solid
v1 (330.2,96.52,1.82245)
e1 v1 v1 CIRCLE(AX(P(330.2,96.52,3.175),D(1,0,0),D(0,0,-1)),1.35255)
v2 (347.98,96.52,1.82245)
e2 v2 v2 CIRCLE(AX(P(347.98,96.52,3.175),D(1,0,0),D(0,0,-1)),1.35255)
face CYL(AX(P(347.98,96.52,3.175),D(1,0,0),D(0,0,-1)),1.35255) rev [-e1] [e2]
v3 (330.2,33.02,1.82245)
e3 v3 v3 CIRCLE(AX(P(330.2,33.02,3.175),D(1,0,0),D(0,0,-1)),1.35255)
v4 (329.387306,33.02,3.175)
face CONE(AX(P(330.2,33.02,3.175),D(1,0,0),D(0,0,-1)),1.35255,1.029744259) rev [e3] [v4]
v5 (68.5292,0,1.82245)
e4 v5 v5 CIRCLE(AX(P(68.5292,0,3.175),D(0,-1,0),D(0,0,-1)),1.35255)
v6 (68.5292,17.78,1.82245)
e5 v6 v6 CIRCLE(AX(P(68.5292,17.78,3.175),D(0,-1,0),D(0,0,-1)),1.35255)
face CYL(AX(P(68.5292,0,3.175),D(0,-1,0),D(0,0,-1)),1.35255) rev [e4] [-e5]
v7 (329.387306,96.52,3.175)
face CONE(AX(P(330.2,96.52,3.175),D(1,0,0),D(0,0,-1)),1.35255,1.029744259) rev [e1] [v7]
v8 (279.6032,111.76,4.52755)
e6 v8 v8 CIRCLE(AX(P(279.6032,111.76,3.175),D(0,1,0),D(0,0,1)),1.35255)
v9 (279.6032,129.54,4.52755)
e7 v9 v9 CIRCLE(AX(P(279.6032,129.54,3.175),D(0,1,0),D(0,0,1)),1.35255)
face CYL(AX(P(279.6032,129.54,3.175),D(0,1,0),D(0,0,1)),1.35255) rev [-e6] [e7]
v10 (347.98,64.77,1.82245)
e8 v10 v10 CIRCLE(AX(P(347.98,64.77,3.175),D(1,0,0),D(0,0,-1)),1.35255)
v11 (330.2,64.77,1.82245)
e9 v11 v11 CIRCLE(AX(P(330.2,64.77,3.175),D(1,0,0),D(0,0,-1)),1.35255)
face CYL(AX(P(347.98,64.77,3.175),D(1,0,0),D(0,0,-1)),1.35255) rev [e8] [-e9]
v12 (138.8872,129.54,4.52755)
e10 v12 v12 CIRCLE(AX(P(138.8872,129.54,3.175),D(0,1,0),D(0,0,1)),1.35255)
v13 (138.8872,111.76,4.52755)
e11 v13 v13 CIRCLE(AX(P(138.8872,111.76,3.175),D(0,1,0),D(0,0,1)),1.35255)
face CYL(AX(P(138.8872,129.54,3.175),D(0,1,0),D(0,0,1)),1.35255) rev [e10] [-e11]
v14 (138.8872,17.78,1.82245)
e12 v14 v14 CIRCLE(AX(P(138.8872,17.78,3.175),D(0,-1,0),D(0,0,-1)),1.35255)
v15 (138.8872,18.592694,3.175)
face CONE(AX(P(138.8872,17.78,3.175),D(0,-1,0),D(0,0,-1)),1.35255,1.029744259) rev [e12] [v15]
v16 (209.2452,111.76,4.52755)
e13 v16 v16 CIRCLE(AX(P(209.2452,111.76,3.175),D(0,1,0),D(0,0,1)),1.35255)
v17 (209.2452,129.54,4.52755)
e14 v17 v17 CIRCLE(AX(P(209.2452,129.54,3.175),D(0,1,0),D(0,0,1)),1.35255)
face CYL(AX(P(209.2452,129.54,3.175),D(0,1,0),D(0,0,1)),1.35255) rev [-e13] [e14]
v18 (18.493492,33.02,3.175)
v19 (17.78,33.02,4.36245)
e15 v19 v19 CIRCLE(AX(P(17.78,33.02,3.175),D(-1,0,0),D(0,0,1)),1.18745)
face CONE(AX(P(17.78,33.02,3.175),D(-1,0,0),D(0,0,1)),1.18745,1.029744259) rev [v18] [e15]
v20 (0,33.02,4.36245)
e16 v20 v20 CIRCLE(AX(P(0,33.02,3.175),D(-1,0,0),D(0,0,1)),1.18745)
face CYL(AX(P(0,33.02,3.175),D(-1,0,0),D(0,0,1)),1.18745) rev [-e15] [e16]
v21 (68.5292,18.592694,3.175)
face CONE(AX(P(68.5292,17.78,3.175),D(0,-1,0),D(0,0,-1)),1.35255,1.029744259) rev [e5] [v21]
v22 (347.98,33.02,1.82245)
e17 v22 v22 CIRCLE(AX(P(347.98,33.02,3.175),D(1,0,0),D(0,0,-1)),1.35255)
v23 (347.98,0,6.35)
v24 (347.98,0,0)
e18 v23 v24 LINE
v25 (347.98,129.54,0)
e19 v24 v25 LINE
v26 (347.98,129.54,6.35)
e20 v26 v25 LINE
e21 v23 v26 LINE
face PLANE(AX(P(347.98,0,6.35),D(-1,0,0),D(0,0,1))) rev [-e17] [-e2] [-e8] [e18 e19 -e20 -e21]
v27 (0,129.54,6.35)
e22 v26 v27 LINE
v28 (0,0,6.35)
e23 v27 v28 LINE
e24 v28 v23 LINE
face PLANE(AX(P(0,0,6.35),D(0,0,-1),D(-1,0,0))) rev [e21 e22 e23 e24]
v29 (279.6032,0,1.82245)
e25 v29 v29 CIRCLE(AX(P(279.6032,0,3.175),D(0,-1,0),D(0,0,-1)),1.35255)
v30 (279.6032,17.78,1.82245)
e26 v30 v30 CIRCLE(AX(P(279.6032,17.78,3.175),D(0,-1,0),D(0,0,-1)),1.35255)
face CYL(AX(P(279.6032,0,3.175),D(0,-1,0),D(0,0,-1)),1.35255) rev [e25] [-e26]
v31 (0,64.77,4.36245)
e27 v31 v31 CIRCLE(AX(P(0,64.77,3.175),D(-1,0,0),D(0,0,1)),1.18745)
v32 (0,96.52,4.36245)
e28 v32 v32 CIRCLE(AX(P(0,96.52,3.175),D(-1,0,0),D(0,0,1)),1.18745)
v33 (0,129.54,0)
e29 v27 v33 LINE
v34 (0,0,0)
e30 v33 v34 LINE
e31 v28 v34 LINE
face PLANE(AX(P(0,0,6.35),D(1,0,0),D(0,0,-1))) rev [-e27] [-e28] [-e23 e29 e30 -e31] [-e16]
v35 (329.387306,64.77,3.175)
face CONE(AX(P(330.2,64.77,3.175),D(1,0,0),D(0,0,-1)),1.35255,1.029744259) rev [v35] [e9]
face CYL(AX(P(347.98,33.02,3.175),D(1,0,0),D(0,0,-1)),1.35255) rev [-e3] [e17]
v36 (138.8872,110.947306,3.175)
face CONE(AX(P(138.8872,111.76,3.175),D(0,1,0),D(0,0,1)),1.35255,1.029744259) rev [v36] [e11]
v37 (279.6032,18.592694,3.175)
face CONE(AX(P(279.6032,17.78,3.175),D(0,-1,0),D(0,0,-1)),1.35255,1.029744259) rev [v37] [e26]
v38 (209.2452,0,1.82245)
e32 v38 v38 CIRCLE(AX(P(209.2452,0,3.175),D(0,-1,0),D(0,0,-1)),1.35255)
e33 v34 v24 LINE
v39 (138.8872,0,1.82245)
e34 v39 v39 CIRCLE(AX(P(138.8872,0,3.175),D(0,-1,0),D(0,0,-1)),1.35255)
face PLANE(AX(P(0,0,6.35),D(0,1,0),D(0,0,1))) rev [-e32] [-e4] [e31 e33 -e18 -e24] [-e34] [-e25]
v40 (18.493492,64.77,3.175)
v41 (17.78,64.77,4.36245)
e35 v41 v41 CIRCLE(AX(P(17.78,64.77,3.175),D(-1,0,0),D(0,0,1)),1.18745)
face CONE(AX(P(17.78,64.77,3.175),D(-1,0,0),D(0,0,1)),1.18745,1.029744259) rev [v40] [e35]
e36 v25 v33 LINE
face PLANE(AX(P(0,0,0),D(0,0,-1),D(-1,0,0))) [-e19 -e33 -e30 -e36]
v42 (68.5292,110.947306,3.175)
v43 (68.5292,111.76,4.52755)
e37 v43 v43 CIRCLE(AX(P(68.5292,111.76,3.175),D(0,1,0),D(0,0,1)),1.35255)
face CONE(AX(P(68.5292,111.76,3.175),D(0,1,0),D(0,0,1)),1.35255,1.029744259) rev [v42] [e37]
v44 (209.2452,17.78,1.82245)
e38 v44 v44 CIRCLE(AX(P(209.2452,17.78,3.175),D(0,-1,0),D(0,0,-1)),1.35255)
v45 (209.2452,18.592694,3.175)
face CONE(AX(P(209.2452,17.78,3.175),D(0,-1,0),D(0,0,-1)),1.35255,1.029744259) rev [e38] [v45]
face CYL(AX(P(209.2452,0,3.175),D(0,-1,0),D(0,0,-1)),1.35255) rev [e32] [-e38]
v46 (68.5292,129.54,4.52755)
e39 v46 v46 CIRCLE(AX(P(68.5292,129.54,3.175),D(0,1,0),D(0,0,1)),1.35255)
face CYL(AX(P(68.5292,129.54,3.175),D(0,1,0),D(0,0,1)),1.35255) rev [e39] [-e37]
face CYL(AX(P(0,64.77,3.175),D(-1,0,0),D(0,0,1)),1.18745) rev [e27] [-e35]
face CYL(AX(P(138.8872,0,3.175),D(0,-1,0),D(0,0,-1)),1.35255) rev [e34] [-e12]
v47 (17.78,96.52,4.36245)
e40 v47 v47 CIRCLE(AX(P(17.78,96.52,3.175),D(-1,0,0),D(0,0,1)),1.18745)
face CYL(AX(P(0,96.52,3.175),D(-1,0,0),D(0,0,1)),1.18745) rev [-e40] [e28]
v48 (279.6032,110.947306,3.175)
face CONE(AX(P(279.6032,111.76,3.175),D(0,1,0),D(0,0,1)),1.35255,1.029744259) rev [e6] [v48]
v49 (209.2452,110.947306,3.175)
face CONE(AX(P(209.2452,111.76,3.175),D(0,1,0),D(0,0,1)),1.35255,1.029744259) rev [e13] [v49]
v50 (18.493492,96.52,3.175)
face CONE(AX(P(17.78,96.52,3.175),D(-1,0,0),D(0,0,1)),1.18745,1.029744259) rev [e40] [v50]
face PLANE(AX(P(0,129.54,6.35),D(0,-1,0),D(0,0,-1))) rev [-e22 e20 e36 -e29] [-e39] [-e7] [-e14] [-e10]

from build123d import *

# Parameters (mm, degrees)
SKETCH1_W                       = 347.98
SKETCH1_H                       = 129.54
BOSS_EXTRUDE1_DEPTH             = 6.35
F_34_0_111_DIAMETER_HOLE4_D     = 2.3749
F_34_0_111_DIAMETER_HOLE4_DEPTH = 17.78
F_34_0_111_DIAMETER_HOLE4_TIP   = 0.713491942
TAP_DRILL_FOR_6_32_TAP1_D       = 2.7051
TAP_DRILL_FOR_6_32_TAP1_DEPTH   = 17.78
TAP_DRILL_FOR_6_32_TAP1_TIP     = 0.81269403
TAP_DRILL_FOR_6_32_TAP2_D       = 2.7051
TAP_DRILL_FOR_6_32_TAP2_DEPTH   = 17.78
TAP_DRILL_FOR_6_32_TAP2_TIP     = 0.81269403
TAP_DRILL_FOR_6_32_TAP3_D       = 2.7051
TAP_DRILL_FOR_6_32_TAP3_DEPTH   = 17.78
TAP_DRILL_FOR_6_32_TAP3_TIP     = 0.81269403


with BuildPart() as part:
    # Sketch1 → Boss-Extrude1 (new body)
    with BuildSketch(Plane.XY):
        with Locations((173.99, 64.77)):
            Rectangle(SKETCH1_W, SKETCH1_H)
    extrude(amount=BOSS_EXTRUDE1_DEPTH)

    # #34 (0.111) Diameter Hole4
    with Locations(Plane(origin=(0, 13.303154199, -243.112488364), x_dir=(0, 0, 1), z_dir=(-1, 0, 0))):
        with Locations((-105.502511636, 81.946845801), (-105.502511636, 56.546845801), (-105.502511636, 31.146845801), (246.287488364, 83.216845801), (246.287488364, 51.466845801), (246.287488364, 19.716845801)):
            Hole(F_34_0_111_DIAMETER_HOLE4_D / 2, depth=F_34_0_111_DIAMETER_HOLE4_DEPTH)
            with Locations((0, 0, -(F_34_0_111_DIAMETER_HOLE4_DEPTH + F_34_0_111_DIAMETER_HOLE4_TIP / 2))):  # 118° drill point
                Cone(0, F_34_0_111_DIAMETER_HOLE4_D / 2, F_34_0_111_DIAMETER_HOLE4_TIP, mode=Mode.SUBTRACT)

    # Tap Drill for #6-32 Tap1
    with Locations(Plane(origin=(-62.772488364, 129.54, -82.602448836), x_dir=(0, 0, -1), z_dir=(0, 1, 0))):
        with Locations((-85.777448836, -342.375688364), (-85.777448836, -272.017688364), (-85.777448836, -201.659688364), (-85.777448836, -131.301688364)):
            Hole(TAP_DRILL_FOR_6_32_TAP1_D / 2, depth=TAP_DRILL_FOR_6_32_TAP1_DEPTH)
            with Locations((0, 0, -(TAP_DRILL_FOR_6_32_TAP1_DEPTH + TAP_DRILL_FOR_6_32_TAP1_TIP / 2))):  # 118° drill point
                Cone(0, TAP_DRILL_FOR_6_32_TAP1_D / 2, TAP_DRILL_FOR_6_32_TAP1_TIP, mode=Mode.SUBTRACT)

    # Tap Drill for #6-32 Tap2
    with Locations(Plane(origin=(-62.772488364, 0, -82.602448836), x_dir=(0, 0, 1), z_dir=(0, -1, 0))):
        with Locations((85.777448836, -131.301688364), (85.777448836, -201.659688364), (85.777448836, -272.017688364), (85.777448836, -342.375688364)):
            Hole(TAP_DRILL_FOR_6_32_TAP2_D / 2, depth=TAP_DRILL_FOR_6_32_TAP2_DEPTH)
            with Locations((0, 0, -(TAP_DRILL_FOR_6_32_TAP2_DEPTH + TAP_DRILL_FOR_6_32_TAP2_TIP / 2))):  # 118° drill point
                Cone(0, TAP_DRILL_FOR_6_32_TAP2_D / 2, TAP_DRILL_FOR_6_32_TAP2_TIP, mode=Mode.SUBTRACT)

    # Tap Drill for #6-32 Tap3
    with Locations(Plane(origin=(347.98, 0, 0), x_dir=(0, 0, -1), z_dir=(1, 0, 0))):
        with Locations((-3.175, 64.77), (-3.175, 96.52), (-3.175, 33.02)):
            Hole(TAP_DRILL_FOR_6_32_TAP3_D / 2, depth=TAP_DRILL_FOR_6_32_TAP3_DEPTH)
            with Locations((0, 0, -(TAP_DRILL_FOR_6_32_TAP3_DEPTH + TAP_DRILL_FOR_6_32_TAP3_TIP / 2))):  # 118° drill point
                Cone(0, TAP_DRILL_FOR_6_32_TAP3_D / 2, TAP_DRILL_FOR_6_32_TAP3_TIP, mode=Mode.SUBTRACT)


solid = part.part
